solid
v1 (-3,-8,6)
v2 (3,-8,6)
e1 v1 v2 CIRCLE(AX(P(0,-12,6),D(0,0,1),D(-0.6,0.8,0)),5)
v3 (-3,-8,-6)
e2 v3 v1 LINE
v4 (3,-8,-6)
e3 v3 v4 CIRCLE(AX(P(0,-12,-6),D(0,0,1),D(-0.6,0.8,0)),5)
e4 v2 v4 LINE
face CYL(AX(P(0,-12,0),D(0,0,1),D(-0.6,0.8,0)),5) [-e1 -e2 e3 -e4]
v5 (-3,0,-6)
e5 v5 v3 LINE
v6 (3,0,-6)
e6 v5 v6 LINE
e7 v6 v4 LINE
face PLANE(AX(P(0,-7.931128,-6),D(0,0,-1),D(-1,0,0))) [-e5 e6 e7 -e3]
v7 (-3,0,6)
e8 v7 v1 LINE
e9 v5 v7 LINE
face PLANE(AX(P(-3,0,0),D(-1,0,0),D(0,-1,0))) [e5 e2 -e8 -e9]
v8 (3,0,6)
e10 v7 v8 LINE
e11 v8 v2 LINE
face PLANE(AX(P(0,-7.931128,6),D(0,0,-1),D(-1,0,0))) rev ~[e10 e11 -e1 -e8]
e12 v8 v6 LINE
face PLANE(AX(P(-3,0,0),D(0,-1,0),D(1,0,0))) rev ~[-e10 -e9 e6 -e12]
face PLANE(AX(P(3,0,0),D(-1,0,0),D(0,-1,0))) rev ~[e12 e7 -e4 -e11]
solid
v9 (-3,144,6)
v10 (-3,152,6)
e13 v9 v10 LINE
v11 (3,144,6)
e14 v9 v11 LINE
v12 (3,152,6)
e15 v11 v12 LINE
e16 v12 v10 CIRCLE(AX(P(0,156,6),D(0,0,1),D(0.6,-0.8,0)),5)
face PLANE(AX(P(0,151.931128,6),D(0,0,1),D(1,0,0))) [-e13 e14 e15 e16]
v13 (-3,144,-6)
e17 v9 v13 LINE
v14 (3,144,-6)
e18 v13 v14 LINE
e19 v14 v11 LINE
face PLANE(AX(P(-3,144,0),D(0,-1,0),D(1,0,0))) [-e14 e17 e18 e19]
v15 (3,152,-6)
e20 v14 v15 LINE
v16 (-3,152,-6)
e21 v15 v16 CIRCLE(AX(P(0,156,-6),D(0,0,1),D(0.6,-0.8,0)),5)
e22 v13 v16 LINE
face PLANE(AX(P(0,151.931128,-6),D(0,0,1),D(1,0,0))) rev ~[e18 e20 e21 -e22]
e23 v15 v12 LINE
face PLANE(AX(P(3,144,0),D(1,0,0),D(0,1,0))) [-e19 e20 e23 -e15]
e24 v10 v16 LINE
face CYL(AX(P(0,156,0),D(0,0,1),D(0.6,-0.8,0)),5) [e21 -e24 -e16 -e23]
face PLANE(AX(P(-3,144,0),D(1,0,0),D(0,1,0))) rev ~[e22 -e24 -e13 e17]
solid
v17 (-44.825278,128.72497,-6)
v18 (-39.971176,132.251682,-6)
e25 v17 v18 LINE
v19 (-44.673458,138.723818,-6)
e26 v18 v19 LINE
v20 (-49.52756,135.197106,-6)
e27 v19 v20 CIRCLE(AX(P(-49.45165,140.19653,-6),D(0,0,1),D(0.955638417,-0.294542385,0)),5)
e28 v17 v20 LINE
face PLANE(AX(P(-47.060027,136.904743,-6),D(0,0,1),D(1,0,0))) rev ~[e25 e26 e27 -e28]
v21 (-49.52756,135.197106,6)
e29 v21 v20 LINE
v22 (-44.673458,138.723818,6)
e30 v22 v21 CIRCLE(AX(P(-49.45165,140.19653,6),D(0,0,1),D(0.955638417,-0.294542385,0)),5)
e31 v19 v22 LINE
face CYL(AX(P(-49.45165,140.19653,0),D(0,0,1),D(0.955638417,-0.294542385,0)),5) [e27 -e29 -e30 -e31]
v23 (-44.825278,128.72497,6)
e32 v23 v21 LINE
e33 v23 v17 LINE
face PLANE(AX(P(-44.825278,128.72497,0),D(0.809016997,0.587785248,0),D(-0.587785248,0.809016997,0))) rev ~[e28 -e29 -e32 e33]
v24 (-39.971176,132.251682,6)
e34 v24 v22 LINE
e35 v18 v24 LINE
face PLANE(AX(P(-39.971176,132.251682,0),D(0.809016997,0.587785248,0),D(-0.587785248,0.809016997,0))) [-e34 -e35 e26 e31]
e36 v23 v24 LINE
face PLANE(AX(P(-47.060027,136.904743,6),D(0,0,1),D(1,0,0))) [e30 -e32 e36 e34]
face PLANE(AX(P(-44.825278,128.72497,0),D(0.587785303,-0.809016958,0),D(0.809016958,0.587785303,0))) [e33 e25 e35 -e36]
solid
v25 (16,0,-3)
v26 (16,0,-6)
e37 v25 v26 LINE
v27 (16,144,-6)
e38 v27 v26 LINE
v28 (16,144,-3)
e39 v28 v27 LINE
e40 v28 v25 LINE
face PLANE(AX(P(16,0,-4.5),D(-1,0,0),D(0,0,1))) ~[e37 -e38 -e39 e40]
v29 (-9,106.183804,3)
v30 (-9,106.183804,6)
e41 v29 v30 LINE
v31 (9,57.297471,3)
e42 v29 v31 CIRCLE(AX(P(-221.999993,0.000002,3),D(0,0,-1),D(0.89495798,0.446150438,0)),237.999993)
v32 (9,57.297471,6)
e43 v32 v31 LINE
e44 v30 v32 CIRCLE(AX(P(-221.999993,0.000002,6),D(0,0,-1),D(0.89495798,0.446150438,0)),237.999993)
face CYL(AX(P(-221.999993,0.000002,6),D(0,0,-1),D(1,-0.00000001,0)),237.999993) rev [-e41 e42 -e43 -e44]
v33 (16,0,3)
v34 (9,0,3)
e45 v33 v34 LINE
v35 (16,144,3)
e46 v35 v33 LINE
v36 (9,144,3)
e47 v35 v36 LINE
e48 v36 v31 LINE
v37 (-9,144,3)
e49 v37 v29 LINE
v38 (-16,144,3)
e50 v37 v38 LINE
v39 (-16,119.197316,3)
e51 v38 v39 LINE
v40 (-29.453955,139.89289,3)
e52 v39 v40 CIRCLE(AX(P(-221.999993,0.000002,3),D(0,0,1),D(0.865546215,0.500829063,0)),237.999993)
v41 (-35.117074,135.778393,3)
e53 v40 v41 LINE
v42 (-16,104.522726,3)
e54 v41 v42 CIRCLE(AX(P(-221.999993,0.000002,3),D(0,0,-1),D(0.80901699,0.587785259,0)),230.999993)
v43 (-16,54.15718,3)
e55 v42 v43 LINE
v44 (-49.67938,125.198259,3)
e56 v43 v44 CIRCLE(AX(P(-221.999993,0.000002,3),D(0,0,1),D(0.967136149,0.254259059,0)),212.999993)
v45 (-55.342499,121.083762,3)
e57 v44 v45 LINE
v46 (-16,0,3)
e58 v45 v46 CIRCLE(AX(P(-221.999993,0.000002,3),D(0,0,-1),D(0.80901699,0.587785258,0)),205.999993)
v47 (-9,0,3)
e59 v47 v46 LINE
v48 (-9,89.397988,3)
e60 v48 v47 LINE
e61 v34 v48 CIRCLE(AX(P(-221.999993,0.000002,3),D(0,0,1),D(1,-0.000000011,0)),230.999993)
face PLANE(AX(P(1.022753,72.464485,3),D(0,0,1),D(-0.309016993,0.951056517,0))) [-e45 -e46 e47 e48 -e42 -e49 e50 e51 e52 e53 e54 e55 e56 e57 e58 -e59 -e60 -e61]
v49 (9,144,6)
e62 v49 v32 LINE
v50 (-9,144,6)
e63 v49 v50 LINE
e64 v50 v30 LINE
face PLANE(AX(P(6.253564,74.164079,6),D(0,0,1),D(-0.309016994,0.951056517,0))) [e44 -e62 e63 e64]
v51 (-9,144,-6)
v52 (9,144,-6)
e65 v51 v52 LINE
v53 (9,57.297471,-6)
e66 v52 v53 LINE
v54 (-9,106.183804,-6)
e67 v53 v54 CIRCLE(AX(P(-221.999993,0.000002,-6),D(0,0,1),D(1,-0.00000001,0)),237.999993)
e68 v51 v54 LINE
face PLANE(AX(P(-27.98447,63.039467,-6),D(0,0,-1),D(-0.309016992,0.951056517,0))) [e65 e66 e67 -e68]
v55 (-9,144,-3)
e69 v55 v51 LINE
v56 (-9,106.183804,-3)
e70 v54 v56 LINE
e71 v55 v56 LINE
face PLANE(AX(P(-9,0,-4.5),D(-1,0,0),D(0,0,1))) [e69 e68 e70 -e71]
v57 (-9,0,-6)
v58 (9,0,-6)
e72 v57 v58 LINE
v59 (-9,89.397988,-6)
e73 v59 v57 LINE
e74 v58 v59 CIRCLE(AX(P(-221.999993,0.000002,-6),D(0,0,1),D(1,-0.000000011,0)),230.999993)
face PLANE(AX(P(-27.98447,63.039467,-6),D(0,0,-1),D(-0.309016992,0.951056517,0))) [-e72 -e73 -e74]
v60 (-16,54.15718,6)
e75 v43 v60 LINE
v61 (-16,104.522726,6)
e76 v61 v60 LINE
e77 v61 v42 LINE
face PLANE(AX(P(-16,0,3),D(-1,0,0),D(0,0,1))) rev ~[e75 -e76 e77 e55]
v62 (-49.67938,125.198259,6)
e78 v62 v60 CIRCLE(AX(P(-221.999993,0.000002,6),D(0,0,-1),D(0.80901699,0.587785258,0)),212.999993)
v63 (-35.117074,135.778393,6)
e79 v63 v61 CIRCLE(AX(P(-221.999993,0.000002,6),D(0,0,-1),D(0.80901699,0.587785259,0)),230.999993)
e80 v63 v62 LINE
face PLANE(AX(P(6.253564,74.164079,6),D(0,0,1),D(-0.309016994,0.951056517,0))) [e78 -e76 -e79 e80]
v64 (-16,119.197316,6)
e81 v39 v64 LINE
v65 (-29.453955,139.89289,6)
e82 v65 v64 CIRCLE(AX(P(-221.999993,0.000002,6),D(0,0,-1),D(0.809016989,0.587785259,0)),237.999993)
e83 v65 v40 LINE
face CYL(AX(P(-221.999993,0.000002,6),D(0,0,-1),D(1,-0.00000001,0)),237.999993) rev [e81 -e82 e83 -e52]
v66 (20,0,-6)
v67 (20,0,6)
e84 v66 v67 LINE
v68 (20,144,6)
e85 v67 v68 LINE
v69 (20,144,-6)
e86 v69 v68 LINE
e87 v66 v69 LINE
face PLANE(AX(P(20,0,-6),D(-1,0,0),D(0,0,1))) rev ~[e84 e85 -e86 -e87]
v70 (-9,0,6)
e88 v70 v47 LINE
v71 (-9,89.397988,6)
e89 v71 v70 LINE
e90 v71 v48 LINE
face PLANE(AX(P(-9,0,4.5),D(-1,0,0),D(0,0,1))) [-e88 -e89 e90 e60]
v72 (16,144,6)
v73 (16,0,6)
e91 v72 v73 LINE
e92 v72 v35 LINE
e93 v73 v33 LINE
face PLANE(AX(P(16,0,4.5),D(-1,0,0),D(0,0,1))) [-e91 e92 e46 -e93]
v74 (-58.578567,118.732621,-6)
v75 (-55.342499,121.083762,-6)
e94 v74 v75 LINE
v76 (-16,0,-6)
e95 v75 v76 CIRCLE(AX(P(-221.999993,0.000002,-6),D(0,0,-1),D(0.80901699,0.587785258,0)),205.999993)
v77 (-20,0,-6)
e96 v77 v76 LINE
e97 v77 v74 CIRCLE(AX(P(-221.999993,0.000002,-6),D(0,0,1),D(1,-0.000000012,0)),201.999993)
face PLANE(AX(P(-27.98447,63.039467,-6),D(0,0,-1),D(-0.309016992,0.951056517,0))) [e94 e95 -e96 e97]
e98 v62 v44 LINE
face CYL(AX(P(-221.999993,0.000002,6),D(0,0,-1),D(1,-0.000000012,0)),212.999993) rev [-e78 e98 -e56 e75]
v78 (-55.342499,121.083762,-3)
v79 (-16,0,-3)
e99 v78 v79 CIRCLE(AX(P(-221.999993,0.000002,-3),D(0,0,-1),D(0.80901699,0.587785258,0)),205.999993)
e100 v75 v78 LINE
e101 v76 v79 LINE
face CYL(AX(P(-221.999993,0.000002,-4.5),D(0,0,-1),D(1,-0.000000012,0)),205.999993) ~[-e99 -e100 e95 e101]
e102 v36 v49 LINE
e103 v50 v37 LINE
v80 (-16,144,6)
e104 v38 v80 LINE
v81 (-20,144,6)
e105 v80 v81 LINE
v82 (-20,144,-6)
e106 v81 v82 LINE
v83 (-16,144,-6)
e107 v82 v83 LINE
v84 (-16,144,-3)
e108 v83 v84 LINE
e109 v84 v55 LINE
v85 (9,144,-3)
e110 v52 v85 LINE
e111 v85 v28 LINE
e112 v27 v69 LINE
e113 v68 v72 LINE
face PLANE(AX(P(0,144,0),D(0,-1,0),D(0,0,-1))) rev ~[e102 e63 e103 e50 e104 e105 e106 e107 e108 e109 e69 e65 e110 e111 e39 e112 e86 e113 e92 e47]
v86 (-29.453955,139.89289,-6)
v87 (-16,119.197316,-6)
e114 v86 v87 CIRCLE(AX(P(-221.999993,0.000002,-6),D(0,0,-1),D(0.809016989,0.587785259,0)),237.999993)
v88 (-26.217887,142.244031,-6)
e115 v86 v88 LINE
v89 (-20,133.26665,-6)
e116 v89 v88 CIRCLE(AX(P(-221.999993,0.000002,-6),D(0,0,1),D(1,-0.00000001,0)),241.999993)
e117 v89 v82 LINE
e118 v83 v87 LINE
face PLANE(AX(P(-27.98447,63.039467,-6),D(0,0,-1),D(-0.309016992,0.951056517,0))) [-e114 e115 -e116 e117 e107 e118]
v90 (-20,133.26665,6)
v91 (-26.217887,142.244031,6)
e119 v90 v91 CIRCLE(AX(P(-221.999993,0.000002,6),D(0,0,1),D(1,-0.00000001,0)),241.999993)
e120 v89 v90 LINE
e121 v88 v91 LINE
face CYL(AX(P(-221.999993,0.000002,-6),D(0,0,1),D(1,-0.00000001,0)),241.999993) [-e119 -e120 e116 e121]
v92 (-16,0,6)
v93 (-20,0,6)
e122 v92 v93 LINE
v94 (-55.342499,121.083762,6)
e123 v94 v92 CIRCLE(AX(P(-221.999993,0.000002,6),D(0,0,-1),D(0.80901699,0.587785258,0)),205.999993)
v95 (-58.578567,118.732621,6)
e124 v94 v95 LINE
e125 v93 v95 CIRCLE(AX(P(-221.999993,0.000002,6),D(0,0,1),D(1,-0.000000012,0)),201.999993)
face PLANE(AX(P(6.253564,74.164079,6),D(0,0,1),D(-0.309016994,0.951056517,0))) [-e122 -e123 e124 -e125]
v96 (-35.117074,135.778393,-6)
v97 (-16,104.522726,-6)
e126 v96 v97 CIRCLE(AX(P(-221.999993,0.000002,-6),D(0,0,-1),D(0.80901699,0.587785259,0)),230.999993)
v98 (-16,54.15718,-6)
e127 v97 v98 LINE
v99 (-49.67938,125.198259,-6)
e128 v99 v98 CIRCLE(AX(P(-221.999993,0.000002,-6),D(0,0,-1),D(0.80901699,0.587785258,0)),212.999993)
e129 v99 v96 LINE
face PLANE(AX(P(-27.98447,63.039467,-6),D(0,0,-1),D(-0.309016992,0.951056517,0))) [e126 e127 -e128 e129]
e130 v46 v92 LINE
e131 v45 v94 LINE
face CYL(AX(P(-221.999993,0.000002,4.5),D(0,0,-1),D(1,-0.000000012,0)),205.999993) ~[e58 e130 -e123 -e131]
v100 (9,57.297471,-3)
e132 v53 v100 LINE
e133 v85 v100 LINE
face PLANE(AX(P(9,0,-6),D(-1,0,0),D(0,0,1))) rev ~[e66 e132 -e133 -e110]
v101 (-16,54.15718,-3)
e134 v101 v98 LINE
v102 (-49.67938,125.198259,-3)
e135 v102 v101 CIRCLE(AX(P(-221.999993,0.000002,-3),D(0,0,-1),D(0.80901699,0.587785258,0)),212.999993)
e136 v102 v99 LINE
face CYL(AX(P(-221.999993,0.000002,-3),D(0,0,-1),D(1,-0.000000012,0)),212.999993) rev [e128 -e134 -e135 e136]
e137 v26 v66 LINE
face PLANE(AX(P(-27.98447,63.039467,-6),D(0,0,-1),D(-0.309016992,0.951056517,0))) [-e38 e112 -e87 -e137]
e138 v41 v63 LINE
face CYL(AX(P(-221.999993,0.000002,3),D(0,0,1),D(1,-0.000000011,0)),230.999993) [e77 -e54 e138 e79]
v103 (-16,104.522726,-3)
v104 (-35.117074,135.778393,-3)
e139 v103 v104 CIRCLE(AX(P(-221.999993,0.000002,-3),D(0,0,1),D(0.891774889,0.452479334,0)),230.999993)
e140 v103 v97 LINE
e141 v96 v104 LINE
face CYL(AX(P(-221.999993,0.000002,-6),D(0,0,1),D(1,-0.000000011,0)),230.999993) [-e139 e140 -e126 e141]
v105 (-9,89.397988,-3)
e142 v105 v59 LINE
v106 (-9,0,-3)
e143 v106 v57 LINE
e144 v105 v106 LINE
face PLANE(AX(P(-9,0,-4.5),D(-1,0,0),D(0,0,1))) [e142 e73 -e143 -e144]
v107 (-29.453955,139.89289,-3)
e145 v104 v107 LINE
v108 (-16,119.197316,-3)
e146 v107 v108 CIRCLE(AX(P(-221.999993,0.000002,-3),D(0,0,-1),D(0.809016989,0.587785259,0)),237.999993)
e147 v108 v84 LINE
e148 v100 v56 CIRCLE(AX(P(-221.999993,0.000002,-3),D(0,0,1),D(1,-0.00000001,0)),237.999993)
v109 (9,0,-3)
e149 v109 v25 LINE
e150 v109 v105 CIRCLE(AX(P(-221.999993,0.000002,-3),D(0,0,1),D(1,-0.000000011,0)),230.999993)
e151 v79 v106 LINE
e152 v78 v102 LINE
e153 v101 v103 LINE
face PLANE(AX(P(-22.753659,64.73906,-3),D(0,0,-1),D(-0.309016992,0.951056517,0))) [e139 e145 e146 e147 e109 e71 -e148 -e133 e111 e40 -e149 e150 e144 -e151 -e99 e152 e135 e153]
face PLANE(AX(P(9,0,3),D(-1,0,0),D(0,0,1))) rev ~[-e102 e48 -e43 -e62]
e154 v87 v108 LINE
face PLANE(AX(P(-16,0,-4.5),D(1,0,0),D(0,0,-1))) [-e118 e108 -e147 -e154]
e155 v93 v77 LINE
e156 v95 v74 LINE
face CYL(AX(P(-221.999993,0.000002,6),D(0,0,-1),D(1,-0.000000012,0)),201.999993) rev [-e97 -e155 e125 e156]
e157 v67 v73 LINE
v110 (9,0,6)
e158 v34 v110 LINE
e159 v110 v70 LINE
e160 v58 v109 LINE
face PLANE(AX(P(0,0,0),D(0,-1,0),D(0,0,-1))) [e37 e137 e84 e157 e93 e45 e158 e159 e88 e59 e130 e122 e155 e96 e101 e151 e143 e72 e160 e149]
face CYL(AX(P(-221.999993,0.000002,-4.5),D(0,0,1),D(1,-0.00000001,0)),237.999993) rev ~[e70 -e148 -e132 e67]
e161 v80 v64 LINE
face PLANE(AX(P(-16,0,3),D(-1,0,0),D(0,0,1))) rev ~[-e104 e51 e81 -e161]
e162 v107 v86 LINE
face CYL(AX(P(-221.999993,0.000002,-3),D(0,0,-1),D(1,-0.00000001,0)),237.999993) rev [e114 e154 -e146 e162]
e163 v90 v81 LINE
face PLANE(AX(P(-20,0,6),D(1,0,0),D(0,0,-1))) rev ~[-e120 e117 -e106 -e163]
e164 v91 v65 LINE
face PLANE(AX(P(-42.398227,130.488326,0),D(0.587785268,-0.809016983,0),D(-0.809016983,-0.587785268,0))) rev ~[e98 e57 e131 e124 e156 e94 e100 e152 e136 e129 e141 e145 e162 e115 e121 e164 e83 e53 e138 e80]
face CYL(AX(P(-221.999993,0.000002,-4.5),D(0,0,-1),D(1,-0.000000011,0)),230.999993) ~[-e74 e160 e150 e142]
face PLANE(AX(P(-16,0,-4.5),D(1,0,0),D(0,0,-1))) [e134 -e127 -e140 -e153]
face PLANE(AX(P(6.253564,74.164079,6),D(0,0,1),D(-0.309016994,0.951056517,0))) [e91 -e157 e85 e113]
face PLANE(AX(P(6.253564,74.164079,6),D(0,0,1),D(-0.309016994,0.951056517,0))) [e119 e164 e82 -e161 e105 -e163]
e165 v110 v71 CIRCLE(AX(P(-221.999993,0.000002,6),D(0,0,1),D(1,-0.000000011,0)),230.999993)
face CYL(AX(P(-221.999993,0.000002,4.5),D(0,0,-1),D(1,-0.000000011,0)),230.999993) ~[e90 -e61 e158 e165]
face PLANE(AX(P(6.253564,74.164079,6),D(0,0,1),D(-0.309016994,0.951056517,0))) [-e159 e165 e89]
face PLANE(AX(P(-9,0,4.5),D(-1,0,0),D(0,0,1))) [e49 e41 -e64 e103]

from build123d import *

# Parameters (mm, degrees)
SKETCH004_W  = 7
SKETCH004_H  = 3
SKETCH005_W  = 7
SKETCH005_H  = 3
SKETCH009_W  = 7
SKETCH009_H  = 3
SKETCH010_W  = 7
SKETCH010_H  = 3
PAD_DEPTH    = 6
PAD001_DEPTH = 6
PAD002_DEPTH = 6


with BuildPart() as body:
    # AdditivePipe: sweep along a path in Sketch002
    with BuildLine(Plane.XY) as additivepipe_path:
        ThreePointArc((0, 0), (-10.865453, 68.601773), (-42.398227, 130.488326))
    # Sketch → AdditivePipe (sweep)
    with BuildSketch(Plane.XZ):
        Polygon((-20, 6), (-20, -6), (-16, -6), (-16, -3), (-9, -3), (-9, -6), (9, -6), (9, -3), (16, -3), (16, -6), (20, -6), (20, 6), (16, 6), (16, 3), (9, 3), (9, 6), (-9, 6), (-9, 3), (-16, 3), (-16, 6), align=None)
    sweep(path=additivepipe_path.line)

    # AdditivePipe001: sweep along a path in Sketch001
    with BuildLine(Plane.XY) as additivepipe001_path:
        Line((0, 0), (0, 144))
    # Sketch → AdditivePipe001 (sweep)
    with BuildSketch(Plane.XZ):
        Polygon((-20, 6), (-20, -6), (-16, -6), (-16, -3), (-9, -3), (-9, -6), (9, -6), (9, -3), (16, -3), (16, -6), (20, -6), (20, 6), (16, 6), (16, 3), (9, 3), (9, 6), (-9, 6), (-9, 3), (-16, 3), (-16, 6), align=None)
    sweep(path=additivepipe001_path.line)

    # SubtractivePipe: sweep along a path in Sketch001
    with BuildLine(Plane.XY) as subtractivepipe_path:
        Line((0, 0), (0, 144))
    # Sketch004 → SubtractivePipe (sweep, cut)
    with BuildSketch(Plane.XZ):
        with Locations((-12.5, 4.5)):
            Rectangle(SKETCH004_W, SKETCH004_H)
    sweep(path=subtractivepipe_path.line, mode=Mode.SUBTRACT)

    # SubtractivePipe001: sweep along a path in Sketch002
    with BuildLine(Plane.XY) as subtractivepipe001_path:
        ThreePointArc((0, 0), (-10.865453, 68.601773), (-42.398227, 130.488326))
    # Sketch004 → SubtractivePipe001 (sweep, cut)
    with BuildSketch(Plane.XZ):
        with Locations((-12.5, 4.5)):
            Rectangle(SKETCH004_W, SKETCH004_H)
    sweep(path=subtractivepipe001_path.line, mode=Mode.SUBTRACT)

    # SubtractivePipe002: sweep along a path in Sketch002
    with BuildLine(Plane.XY) as subtractivepipe002_path:
        ThreePointArc((0, 0), (-10.865453, 68.601773), (-42.398227, 130.488326))
    # Sketch005 (on Face1 of SubtractivePipe001) → SubtractivePipe002 (sweep, cut)
    with BuildSketch(Plane.XZ):
        with Locations((12.5, 4.5)):
            Rectangle(SKETCH005_W, SKETCH005_H)
    sweep(path=subtractivepipe002_path.line, mode=Mode.SUBTRACT)

    # SubtractivePipe003: sweep along a path in Sketch001
    with BuildLine(Plane.XY) as subtractivepipe003_path:
        Line((0, 0), (0, 144))
    # Sketch005 (on Face1 of SubtractivePipe001) → SubtractivePipe003 (sweep, cut)
    with BuildSketch(Plane.XZ):
        with Locations((12.5, 4.5)):
            Rectangle(SKETCH005_W, SKETCH005_H)
    subtractivepipe003 = sweep(path=subtractivepipe003_path.line, mode=Mode.SUBTRACT)

    # Mirrored: SubtractivePipe003 across XY
    add(subtractivepipe003.mirror(Plane.XY), mode=Mode.SUBTRACT)

    # SubtractivePipe004: sweep along a path in Sketch002
    with BuildLine(Plane.XY) as subtractivepipe004_path:
        ThreePointArc((0, 0), (-10.865453, 68.601773), (-42.398227, 130.488326))
    # Sketch009 → SubtractivePipe004 (sweep, cut)
    with BuildSketch(Plane.XZ):
        with Locations((-12.5, -4.5)):
            Rectangle(SKETCH009_W, SKETCH009_H)
    sweep(path=subtractivepipe004_path.line, mode=Mode.SUBTRACT)

    # SubtractivePipe005: sweep along a path in Sketch001
    with BuildLine(Plane.XY) as subtractivepipe005_path:
        Line((0, 0), (0, 144))
    # Sketch009 → SubtractivePipe005 (sweep, cut)
    with BuildSketch(Plane.XZ):
        with Locations((-12.5, -4.5)):
            Rectangle(SKETCH009_W, SKETCH009_H)
    sweep(path=subtractivepipe005_path.line, mode=Mode.SUBTRACT)

    # SubtractivePipe006: sweep along a path in Sketch002
    with BuildLine(Plane.XY) as subtractivepipe006_path:
        ThreePointArc((0, 0), (-10.865453, 68.601773), (-42.398227, 130.488326))
    # Sketch010 (on Face1 of SubtractivePipe005) → SubtractivePipe006 (sweep, cut)
    with BuildSketch(Plane.XZ):
        with Locations((12.5, -4.5)):
            Rectangle(SKETCH010_W, SKETCH010_H)
    sweep(path=subtractivepipe006_path.line, mode=Mode.SUBTRACT)


with BuildPart() as body001:
    # Sketch008 → Pad (new body, symmetric)
    with BuildSketch(Plane.XY):
        with BuildLine():
            Line((-3, 0), (3, 0))
            Line((3, 0), (3, -8))
            ThreePointArc((-3, -8), (0, -17), (3, -8))
            Line((-3, 0), (-3, -8))
        make_face()
    extrude(amount=PAD_DEPTH, both=True)


with BuildPart() as body002:
    # Sketch011 → Pad001 (new body, symmetric)
    with BuildSketch(Plane.XY):
        with BuildLine():
            Line((-3, 144), (3, 144))
            Line((3, 144), (3, 152))
            ThreePointArc((3, 152), (0, 161), (-3, 152))
            Line((-3, 144), (-3, 152))
        make_face()
    extrude(amount=PAD001_DEPTH, both=True)


with BuildPart() as body003:
    # Sketch012 → Pad002 (new body, symmetric)
    with BuildSketch(Plane.XY):
        with BuildLine():
            Line((-44.825278, 128.72497), (-39.971176, 132.251682))
            Line((-39.971176, 132.251682), (-44.673458, 138.723818))
            ThreePointArc((-44.673458, 138.723818), (-52.390577, 144.241615), (-49.52756, 135.197106))
            Line((-44.825278, 128.72497), (-49.52756, 135.197106))
        make_face()
    extrude(amount=PAD002_DEPTH, both=True)


solid = Compound([body.part, body001.part, body002.part, body003.part])
